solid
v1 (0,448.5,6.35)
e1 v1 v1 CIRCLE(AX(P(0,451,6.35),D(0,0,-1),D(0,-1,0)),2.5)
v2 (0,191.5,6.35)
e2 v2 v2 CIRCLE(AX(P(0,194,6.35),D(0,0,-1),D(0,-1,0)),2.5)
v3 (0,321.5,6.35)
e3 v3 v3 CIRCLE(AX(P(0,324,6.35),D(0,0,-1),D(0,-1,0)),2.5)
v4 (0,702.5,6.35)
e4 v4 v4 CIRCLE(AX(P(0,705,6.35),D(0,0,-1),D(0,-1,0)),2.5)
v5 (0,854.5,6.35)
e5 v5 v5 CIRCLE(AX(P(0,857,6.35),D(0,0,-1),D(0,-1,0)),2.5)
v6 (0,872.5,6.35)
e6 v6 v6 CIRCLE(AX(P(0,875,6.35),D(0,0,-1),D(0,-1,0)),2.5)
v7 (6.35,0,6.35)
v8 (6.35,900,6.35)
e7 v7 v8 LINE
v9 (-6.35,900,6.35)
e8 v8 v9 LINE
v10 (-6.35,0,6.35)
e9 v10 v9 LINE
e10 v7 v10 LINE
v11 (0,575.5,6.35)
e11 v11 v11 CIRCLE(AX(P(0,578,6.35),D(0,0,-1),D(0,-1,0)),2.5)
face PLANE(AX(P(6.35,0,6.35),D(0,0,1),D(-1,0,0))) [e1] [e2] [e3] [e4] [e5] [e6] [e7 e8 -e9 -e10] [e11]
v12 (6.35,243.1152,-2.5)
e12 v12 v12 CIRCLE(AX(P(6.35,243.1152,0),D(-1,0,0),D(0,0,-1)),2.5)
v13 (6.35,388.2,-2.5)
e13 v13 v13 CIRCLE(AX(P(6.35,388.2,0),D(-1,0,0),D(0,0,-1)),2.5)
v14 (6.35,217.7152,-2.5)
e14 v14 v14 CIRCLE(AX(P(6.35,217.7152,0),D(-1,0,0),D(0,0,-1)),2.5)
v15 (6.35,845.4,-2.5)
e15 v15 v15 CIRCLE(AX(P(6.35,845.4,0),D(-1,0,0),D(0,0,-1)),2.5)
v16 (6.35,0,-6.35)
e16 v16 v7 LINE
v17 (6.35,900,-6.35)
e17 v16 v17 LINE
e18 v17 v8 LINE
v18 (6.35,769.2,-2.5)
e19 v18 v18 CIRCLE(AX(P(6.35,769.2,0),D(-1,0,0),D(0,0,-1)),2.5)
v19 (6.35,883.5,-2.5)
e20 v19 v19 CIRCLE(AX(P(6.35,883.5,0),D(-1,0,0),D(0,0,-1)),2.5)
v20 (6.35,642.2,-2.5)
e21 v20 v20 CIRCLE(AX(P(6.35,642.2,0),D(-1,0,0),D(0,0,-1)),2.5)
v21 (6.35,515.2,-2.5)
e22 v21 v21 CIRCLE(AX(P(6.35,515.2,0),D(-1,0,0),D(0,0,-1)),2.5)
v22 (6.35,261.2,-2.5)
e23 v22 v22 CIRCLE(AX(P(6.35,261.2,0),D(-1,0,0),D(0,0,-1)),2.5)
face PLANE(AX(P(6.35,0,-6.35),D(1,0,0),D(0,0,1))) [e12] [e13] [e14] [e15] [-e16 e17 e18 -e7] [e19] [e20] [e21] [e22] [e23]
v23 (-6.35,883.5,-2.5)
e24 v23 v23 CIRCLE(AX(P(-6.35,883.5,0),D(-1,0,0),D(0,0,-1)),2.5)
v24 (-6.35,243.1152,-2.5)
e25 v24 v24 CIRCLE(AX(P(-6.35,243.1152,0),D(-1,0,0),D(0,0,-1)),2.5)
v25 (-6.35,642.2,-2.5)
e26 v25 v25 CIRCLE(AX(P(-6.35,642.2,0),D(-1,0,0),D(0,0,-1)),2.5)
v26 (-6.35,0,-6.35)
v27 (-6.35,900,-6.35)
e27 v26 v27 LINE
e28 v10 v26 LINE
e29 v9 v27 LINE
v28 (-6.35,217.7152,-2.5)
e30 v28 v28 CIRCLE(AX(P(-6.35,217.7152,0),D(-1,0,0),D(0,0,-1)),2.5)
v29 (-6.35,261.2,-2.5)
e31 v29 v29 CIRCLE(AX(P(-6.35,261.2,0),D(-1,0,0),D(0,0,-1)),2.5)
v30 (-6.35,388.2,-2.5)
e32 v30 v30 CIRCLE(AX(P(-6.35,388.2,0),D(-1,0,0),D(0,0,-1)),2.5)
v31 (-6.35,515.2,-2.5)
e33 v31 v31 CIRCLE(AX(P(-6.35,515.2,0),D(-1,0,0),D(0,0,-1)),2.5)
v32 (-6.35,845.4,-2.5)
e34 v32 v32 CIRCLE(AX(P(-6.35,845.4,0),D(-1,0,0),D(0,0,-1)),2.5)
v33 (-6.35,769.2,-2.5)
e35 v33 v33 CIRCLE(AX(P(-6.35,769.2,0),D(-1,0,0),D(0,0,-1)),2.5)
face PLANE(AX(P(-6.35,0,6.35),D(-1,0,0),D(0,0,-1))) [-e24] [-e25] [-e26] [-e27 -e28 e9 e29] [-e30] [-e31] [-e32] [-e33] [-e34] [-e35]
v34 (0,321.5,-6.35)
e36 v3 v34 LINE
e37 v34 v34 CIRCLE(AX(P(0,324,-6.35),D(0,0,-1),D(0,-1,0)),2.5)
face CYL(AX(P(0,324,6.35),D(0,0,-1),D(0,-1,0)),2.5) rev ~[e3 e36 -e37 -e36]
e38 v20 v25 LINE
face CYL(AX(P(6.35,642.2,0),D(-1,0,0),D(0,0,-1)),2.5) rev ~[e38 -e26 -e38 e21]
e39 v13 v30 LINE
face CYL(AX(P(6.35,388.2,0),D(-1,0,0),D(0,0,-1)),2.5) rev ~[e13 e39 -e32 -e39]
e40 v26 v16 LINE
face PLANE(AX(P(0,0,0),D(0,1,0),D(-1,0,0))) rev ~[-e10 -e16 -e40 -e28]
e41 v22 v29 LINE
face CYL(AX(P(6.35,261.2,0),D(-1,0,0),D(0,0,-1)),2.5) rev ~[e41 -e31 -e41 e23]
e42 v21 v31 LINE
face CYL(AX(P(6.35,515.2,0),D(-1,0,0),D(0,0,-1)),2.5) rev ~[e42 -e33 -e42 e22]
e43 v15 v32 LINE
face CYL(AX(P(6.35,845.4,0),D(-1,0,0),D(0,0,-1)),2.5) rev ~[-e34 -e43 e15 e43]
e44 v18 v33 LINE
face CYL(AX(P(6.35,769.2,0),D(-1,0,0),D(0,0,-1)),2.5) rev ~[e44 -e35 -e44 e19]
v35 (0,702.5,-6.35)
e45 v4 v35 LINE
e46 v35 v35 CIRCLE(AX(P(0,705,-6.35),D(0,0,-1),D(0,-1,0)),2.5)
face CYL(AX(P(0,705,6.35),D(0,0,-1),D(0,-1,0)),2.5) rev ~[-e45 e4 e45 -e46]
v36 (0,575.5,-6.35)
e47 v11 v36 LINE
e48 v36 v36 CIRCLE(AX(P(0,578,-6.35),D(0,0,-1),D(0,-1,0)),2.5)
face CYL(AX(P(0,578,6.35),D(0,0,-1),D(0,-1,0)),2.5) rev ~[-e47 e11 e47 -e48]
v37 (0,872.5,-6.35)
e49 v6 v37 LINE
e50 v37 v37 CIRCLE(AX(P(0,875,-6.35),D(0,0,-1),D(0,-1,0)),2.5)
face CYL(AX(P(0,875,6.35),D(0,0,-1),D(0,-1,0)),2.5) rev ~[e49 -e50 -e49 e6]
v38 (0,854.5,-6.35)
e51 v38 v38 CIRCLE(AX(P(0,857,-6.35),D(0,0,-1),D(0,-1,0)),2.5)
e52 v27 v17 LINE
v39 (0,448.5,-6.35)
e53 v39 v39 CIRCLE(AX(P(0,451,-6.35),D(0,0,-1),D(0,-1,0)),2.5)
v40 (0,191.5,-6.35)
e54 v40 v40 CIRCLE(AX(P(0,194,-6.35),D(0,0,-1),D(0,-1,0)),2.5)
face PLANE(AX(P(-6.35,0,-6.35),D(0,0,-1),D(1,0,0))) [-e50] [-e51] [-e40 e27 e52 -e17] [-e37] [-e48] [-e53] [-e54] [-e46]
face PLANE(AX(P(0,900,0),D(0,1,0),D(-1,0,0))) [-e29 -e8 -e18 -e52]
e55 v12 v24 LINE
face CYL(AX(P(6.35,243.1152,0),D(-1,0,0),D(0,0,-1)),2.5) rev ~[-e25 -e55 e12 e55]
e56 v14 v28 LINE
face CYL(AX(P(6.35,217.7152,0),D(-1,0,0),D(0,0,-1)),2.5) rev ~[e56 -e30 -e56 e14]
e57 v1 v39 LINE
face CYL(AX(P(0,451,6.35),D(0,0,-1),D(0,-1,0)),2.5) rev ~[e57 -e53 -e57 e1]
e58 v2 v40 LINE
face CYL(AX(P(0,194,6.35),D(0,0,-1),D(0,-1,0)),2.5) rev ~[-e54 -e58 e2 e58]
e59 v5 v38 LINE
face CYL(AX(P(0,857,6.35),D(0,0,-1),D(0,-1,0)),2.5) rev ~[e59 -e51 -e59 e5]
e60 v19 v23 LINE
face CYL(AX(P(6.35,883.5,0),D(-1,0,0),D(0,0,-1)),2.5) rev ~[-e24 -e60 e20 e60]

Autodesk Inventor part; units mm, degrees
ref_plane "YZ Plane" through (0, 0, 0) normal (1, 0, 0) x (0, 1, 0)
ref_plane "XZ Plane" through (0, 0, 0) normal (0, 1, 0) x (-1, 0, 0)
ref_plane "XY Plane" through (0, 0, 0) normal (0, 0, 1) x (1, 0, 0)
sketch "Sketch1" plane through (0, 0, 0) normal (0, 1, 0) x (-1, 0, 0)
  line L0 (-6.35, 6.35) -> (6.35, 6.35)
  line L1 (6.35, 6.35) -> (6.35, -6.35)
  line L2 (6.35, -6.35) -> (-6.35, -6.35)
  line L3 (-6.35, -6.35) -> (-6.35, 6.35)
  line L4 (-6.35, 6.35) -> (6.35, -6.35) construction
  line L5 (6.35, 6.35) -> (-6.35, -6.35) construction
  point P0 (0, 0)
  dimension "d0" = 12.7
  dimension "d1" = 12.7
extrude "Extrusion1" add sketch "Sketch1" along normal blind 900
sketch "Sketch25" plane through (6.35, 0, 6.35) normal (0, 0, 1) x (1, 0, 0)
  circle A0 centre (-6.35, 875) radius 2.5
  line L0 (-12.7, 900) -> (0, 900) projected
  line L1 (0, 0) -> (0, 900) projected
  circle A1 centre (-6.35, 857) radius 2.5
  circle A2 centre (-6.35, 705) radius 2.5
  circle A3 centre (-6.35, 578) radius 2.5
  circle A4 centre (-6.35, 451) radius 2.5
  circle A5 centre (-6.35, 324) radius 2.5
  circle A6 centre (-6.35, 194) radius 2.5
  line L2 (0, 0) -> (-12.7, 0) projected
  point P0 (-6.35, 0)
  dimension "d197" = 5
  dimension "d198" = 25
  dimension "d199" = 6.35
  dimension "d200" = 5
  dimension "d201" = 18
  dimension "d202" = 6.35
  dimension "d210" = 5
  dimension "d211" = 152
  dimension "d212" = 6.35
  dimension "d213" = 5
  dimension "d214" = 127
  dimension "d215" = 5
  dimension "d216" = 127
  dimension "d217" = 5
  dimension "d218" = 127
  dimension "d219" = 5
  dimension "d220" = 130
hole "Hole23" at (0, 875, 6.35) at (0, 857, 6.35) at (0, 705, 6.35) at (0, 578, 6.35) at (0, 451, 6.35) at (0, 324, 6.35) at (0, 194, 6.35) direction (0, 0, -1) diameter 5 end through all
sketch "Sketch26" plane through (6.35, 0, -6.35) normal (1, 0, 0) x (0, 0, -1)
  circle A0 centre (-6.35, 883.5) radius 2.5
  line L0 (-12.7, 900) -> (0, 900) projected
  circle A1 centre (-6.35, 845.4) radius 2.5
  circle A2 centre (-6.35, 769.2) radius 2.5
  circle A3 centre (-6.35, 642.2) radius 2.5
  circle A4 centre (-6.35, 515.2) radius 2.5
  circle A5 centre (-6.35, 388.2) radius 2.5
  circle A6 centre (-6.35, 261.2) radius 2.5
  circle A7 centre (-6.35, 243.1152) radius 2.5
  circle A8 centre (-6.35, 217.7152) radius 2.5
  point P0 (-6.35, 0)
  dimension "d231" = 5
  dimension "d232" = 16.5
  dimension "d233" = 5
  dimension "d234" = 38.1
  dimension "d235" = 5
  dimension "d236" = 76.2
  dimension "d237" = 5
  dimension "d238" = 127
  dimension "d239" = 5
  dimension "d240" = 127
  dimension "d241" = 5
  dimension "d242" = 127
  dimension "d243" = 5
  dimension "d244" = 127
  dimension "d245" = 5
  dimension "d246" = 18.0848
  dimension "d247" = 5
  dimension "d248" = 25.4
hole "Hole24" at (6.35, 883.5, 0) at (6.35, 845.4, 0) at (6.35, 769.2, 0) at (6.35, 642.2, 0) at (6.35, 515.2, 0) at (6.35, 388.2, 0) at (6.35, 261.2, 0) at (6.35, 243.1152, 0) at (6.35, 217.7152, 0) direction (-1, 0, 0) diameter 5 end through all
thread "Thread1" size "M5x0.8" class "6H" standard "ANSI Metric M Profile" full length
thread "Thread2" size "M5x0.8" class "6H" standard "ANSI Metric M Profile" full length
thread "Thread3" size "M5x0.8" class "6H" standard "ANSI Metric M Profile" full length
thread "Thread4" size "M5x0.8" class "6H" standard "ANSI Metric M Profile" full length
thread "Thread5" size "M5x0.8" class "6H" standard "ANSI Metric M Profile" full length
thread "Thread6" size "M5x0.8" class "6H" standard "ANSI Metric M Profile" full length
thread "Thread7" size "M5x0.8" class "6H" standard "ANSI Metric M Profile" full length
thread "Thread8" size "M5x0.8" class "6H" standard "ANSI Metric M Profile" full length
thread "Thread9" size "M5x0.8" class "6H" standard "ANSI Metric M Profile" full length
thread "Thread10" size "M5x0.8" class "6H" standard "ANSI Metric M Profile" full length
properties part number "Rod"
